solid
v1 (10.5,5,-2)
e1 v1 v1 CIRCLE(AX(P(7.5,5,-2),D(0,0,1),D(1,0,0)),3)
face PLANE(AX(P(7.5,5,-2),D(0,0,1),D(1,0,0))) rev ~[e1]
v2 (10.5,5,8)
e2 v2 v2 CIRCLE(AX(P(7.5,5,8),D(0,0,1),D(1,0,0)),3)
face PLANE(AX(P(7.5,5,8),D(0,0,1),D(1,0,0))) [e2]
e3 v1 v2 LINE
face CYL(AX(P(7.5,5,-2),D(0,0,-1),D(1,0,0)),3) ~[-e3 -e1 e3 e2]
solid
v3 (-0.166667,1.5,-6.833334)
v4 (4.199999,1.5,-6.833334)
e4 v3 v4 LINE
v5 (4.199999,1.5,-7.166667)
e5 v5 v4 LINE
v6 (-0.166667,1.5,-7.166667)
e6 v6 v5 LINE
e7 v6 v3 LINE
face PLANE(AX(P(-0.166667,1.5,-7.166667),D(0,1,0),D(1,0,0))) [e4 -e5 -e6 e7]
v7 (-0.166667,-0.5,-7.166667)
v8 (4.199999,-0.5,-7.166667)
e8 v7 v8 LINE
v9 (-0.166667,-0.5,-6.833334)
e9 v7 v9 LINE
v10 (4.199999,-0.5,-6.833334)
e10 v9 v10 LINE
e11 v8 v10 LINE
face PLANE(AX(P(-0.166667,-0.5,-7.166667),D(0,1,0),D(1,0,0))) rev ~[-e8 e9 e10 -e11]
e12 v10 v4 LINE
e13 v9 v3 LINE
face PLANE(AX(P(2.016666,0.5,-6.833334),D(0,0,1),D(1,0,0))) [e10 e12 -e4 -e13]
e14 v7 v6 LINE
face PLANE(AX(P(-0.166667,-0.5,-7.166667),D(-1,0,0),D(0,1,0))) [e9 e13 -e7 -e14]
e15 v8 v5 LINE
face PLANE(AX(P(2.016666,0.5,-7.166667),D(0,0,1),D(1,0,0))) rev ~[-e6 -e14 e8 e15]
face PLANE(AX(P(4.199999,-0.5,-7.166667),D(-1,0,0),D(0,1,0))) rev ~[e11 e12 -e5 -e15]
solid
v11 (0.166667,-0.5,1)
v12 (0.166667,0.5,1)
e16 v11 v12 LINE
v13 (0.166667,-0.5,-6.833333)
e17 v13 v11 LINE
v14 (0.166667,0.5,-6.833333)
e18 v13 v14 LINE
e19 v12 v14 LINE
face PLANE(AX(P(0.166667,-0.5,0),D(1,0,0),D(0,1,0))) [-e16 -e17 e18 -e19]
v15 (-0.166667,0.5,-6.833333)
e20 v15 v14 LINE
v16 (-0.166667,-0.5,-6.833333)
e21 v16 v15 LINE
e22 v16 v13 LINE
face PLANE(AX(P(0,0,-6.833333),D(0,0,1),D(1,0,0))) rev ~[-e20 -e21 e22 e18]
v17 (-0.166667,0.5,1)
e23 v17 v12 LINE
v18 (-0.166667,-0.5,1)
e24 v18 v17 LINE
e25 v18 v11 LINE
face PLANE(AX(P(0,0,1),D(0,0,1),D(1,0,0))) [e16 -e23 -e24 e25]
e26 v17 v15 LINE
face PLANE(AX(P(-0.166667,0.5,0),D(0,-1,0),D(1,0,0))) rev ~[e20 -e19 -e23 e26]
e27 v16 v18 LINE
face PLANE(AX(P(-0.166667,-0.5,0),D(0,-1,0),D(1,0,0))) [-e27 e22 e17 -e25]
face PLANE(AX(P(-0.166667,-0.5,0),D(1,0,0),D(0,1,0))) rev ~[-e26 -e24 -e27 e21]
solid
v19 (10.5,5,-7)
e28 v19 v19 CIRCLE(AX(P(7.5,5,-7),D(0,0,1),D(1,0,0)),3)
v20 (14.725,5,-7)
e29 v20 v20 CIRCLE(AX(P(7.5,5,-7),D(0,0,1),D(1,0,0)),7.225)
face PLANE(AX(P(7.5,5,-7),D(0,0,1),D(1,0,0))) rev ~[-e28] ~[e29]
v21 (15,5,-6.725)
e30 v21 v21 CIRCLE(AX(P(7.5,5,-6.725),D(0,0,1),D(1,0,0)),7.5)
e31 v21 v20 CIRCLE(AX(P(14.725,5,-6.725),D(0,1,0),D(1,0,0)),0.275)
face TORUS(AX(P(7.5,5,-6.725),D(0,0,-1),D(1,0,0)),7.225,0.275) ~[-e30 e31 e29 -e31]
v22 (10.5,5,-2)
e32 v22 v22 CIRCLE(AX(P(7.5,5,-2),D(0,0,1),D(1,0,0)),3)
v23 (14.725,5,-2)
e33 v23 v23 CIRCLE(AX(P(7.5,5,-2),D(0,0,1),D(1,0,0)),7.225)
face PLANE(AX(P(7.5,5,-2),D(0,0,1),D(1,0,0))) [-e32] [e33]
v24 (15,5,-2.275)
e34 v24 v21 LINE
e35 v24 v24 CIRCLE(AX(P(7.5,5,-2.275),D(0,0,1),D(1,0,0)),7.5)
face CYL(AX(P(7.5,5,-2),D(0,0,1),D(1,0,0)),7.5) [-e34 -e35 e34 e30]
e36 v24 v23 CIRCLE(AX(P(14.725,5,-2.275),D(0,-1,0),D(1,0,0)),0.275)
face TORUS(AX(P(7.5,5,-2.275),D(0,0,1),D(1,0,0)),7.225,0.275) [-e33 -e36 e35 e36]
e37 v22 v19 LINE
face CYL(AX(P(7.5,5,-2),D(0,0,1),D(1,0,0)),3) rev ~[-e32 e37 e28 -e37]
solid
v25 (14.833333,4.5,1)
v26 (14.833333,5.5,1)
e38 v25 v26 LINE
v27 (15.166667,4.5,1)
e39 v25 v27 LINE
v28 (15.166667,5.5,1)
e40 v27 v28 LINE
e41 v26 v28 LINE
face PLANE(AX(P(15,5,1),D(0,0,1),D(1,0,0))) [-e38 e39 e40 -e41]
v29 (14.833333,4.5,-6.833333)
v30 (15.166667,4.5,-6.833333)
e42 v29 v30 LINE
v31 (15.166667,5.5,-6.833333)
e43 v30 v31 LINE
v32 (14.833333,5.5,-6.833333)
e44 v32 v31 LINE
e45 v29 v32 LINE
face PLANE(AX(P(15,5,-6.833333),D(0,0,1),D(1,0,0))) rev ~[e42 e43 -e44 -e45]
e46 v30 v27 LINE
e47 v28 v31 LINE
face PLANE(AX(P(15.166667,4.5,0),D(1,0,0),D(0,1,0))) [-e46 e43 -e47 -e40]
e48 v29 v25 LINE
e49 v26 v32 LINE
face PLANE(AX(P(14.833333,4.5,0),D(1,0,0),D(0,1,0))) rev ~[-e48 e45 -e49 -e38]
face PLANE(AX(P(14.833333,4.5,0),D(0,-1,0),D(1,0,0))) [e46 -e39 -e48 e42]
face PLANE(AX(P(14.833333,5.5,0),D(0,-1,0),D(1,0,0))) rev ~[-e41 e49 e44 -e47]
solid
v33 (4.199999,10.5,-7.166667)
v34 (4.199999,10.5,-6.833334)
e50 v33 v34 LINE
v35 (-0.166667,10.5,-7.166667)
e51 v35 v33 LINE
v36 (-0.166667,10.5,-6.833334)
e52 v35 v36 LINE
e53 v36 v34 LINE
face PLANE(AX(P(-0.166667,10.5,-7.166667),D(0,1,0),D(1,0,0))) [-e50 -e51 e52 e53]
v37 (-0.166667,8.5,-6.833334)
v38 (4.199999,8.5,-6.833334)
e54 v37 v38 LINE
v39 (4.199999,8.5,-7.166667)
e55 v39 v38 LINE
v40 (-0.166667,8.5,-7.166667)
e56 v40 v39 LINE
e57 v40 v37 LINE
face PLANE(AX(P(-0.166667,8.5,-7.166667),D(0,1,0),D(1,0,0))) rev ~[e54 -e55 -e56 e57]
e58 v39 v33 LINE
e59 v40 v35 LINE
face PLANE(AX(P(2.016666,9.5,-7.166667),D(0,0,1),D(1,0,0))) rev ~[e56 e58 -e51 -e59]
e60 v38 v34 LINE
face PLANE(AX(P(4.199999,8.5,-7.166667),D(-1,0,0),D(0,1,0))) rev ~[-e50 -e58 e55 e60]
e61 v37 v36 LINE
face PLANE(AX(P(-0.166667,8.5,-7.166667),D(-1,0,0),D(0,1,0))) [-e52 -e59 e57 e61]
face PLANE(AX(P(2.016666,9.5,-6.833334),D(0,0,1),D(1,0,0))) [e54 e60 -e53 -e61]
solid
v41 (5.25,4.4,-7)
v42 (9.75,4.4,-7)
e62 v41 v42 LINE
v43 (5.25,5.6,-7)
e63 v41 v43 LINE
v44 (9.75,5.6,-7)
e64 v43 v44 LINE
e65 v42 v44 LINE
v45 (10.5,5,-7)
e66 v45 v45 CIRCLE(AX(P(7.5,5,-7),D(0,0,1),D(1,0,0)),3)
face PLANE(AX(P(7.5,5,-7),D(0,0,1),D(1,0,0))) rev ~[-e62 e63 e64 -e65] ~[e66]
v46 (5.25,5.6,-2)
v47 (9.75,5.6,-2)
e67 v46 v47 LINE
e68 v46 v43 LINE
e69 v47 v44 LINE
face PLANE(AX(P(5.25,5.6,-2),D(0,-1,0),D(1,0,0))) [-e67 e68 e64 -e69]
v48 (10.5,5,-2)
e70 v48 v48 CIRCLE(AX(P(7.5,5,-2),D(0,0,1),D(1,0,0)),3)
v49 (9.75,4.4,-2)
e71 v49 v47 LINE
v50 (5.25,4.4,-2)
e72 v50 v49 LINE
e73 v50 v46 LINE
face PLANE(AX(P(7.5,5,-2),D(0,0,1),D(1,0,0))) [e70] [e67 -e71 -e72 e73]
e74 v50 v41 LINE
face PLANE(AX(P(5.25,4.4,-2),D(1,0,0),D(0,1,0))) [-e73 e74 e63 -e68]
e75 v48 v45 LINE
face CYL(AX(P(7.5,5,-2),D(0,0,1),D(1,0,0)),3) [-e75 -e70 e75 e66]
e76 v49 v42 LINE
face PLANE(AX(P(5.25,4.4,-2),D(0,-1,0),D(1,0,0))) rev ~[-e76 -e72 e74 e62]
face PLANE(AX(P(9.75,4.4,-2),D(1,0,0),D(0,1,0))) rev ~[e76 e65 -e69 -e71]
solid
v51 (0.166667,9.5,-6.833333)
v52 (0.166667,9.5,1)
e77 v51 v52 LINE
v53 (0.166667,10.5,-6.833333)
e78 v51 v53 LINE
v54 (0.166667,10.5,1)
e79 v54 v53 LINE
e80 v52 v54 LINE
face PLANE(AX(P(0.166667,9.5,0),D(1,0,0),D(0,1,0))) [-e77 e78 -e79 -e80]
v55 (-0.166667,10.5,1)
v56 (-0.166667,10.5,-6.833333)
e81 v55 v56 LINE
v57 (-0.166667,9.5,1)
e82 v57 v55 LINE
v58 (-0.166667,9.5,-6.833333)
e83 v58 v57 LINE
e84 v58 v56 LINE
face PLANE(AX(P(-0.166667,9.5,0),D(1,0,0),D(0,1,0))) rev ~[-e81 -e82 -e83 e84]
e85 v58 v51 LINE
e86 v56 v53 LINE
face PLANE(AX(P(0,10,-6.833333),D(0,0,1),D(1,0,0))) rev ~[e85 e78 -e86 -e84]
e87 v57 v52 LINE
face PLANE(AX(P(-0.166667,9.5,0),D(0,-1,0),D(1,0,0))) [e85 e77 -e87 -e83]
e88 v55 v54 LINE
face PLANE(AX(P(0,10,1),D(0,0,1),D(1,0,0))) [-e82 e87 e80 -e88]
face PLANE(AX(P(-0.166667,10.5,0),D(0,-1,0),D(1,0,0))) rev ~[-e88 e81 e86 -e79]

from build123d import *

# Parameters (mm, degrees)
SKETCH003_W       = 0.333334
SKETCH003_H       = 1
PAD002_DEPTH      = 1
PAD002_DEPTH_BACK = 6.833333
SKETCH004_R       = 3
SKETCH004_W       = 4.5
SKETCH004_H       = 1.2
PAD003_DEPTH      = 5
SKETCH_R          = 7.5
SKETCH_R_2        = 3
PAD_DEPTH         = 5
FILLET_R          = 0.275
SKETCH005_W       = 4.366667
SKETCH005_H       = 2
PAD004_DEPTH      = 0.333333
SKETCH006_R       = 3
PAD005_DEPTH      = 10


with BuildPart() as pad002:
    # Sketch003 → Pad002 (new body, two sides)
    with BuildSketch(Plane(origin=(0, 10, 0), x_dir=(1, 0, 0), z_dir=(0, 0, 1))) as pad002_sk:
        Rectangle(SKETCH003_W, SKETCH003_H)
        with Locations((15, -5)):
            Rectangle(SKETCH003_W, SKETCH003_H)
        with Locations((0, -10)):
            Rectangle(SKETCH003_W, SKETCH003_H)
    extrude(amount=PAD002_DEPTH)
    extrude(pad002_sk.sketch, amount=-PAD002_DEPTH_BACK)


with BuildPart() as pad003:
    # Sketch004 → Pad003 (new body)
    with BuildSketch(Plane(origin=(0, 10, -2), x_dir=(1, 0, 0), z_dir=(0, 0, 1))):
        with Locations((7.5, -5)):
            Circle(SKETCH004_R)
        with Locations((7.5, -5)):
            Rectangle(SKETCH004_W, SKETCH004_H, mode=Mode.SUBTRACT)
    extrude(amount=-PAD003_DEPTH)


with BuildPart() as fillet_body:
    # Sketch → Pad (new body)
    with BuildSketch(Plane(origin=(0, 10, -2), x_dir=(1, 0, 0), z_dir=(0, 0, 1))):
        with Locations((7.5, -5)):
            Circle(SKETCH_R)
        with Locations((7.5, -5)):
            Circle(SKETCH_R_2, mode=Mode.SUBTRACT)
    extrude(amount=-PAD_DEPTH)

    # Fillet
    fillet_edges = [fillet_body.edges().sort_by_distance(p)[0] for p in [
        (0, 5, -2),
        (0, 5, -7),
    ]]
    fillet(fillet_edges, radius=FILLET_R)


with BuildPart() as pad004:
    # Sketch005 → Pad004 (new body)
    with BuildSketch(Plane(origin=(0, 10, -7.166667), x_dir=(1, 0, 0), z_dir=(0, 0, 1))):
        with Locations((2.016666, -0.5)):
            Rectangle(SKETCH005_W, SKETCH005_H)
        with Locations((2.016666, -9.5)):
            Rectangle(SKETCH005_W, SKETCH005_H)
    extrude(amount=PAD004_DEPTH)


with BuildPart() as pad005:
    # Sketch006 → Pad005 (new body)
    with BuildSketch(Plane(origin=(0, 10, -2), x_dir=(1, 0, 0), z_dir=(0, 0, 1))):
        with Locations((7.5, -5)):
            Circle(SKETCH006_R)
    extrude(amount=PAD005_DEPTH)


solid = Compound([pad002.part, pad003.part, fillet_body.part, pad004.part, pad005.part])
